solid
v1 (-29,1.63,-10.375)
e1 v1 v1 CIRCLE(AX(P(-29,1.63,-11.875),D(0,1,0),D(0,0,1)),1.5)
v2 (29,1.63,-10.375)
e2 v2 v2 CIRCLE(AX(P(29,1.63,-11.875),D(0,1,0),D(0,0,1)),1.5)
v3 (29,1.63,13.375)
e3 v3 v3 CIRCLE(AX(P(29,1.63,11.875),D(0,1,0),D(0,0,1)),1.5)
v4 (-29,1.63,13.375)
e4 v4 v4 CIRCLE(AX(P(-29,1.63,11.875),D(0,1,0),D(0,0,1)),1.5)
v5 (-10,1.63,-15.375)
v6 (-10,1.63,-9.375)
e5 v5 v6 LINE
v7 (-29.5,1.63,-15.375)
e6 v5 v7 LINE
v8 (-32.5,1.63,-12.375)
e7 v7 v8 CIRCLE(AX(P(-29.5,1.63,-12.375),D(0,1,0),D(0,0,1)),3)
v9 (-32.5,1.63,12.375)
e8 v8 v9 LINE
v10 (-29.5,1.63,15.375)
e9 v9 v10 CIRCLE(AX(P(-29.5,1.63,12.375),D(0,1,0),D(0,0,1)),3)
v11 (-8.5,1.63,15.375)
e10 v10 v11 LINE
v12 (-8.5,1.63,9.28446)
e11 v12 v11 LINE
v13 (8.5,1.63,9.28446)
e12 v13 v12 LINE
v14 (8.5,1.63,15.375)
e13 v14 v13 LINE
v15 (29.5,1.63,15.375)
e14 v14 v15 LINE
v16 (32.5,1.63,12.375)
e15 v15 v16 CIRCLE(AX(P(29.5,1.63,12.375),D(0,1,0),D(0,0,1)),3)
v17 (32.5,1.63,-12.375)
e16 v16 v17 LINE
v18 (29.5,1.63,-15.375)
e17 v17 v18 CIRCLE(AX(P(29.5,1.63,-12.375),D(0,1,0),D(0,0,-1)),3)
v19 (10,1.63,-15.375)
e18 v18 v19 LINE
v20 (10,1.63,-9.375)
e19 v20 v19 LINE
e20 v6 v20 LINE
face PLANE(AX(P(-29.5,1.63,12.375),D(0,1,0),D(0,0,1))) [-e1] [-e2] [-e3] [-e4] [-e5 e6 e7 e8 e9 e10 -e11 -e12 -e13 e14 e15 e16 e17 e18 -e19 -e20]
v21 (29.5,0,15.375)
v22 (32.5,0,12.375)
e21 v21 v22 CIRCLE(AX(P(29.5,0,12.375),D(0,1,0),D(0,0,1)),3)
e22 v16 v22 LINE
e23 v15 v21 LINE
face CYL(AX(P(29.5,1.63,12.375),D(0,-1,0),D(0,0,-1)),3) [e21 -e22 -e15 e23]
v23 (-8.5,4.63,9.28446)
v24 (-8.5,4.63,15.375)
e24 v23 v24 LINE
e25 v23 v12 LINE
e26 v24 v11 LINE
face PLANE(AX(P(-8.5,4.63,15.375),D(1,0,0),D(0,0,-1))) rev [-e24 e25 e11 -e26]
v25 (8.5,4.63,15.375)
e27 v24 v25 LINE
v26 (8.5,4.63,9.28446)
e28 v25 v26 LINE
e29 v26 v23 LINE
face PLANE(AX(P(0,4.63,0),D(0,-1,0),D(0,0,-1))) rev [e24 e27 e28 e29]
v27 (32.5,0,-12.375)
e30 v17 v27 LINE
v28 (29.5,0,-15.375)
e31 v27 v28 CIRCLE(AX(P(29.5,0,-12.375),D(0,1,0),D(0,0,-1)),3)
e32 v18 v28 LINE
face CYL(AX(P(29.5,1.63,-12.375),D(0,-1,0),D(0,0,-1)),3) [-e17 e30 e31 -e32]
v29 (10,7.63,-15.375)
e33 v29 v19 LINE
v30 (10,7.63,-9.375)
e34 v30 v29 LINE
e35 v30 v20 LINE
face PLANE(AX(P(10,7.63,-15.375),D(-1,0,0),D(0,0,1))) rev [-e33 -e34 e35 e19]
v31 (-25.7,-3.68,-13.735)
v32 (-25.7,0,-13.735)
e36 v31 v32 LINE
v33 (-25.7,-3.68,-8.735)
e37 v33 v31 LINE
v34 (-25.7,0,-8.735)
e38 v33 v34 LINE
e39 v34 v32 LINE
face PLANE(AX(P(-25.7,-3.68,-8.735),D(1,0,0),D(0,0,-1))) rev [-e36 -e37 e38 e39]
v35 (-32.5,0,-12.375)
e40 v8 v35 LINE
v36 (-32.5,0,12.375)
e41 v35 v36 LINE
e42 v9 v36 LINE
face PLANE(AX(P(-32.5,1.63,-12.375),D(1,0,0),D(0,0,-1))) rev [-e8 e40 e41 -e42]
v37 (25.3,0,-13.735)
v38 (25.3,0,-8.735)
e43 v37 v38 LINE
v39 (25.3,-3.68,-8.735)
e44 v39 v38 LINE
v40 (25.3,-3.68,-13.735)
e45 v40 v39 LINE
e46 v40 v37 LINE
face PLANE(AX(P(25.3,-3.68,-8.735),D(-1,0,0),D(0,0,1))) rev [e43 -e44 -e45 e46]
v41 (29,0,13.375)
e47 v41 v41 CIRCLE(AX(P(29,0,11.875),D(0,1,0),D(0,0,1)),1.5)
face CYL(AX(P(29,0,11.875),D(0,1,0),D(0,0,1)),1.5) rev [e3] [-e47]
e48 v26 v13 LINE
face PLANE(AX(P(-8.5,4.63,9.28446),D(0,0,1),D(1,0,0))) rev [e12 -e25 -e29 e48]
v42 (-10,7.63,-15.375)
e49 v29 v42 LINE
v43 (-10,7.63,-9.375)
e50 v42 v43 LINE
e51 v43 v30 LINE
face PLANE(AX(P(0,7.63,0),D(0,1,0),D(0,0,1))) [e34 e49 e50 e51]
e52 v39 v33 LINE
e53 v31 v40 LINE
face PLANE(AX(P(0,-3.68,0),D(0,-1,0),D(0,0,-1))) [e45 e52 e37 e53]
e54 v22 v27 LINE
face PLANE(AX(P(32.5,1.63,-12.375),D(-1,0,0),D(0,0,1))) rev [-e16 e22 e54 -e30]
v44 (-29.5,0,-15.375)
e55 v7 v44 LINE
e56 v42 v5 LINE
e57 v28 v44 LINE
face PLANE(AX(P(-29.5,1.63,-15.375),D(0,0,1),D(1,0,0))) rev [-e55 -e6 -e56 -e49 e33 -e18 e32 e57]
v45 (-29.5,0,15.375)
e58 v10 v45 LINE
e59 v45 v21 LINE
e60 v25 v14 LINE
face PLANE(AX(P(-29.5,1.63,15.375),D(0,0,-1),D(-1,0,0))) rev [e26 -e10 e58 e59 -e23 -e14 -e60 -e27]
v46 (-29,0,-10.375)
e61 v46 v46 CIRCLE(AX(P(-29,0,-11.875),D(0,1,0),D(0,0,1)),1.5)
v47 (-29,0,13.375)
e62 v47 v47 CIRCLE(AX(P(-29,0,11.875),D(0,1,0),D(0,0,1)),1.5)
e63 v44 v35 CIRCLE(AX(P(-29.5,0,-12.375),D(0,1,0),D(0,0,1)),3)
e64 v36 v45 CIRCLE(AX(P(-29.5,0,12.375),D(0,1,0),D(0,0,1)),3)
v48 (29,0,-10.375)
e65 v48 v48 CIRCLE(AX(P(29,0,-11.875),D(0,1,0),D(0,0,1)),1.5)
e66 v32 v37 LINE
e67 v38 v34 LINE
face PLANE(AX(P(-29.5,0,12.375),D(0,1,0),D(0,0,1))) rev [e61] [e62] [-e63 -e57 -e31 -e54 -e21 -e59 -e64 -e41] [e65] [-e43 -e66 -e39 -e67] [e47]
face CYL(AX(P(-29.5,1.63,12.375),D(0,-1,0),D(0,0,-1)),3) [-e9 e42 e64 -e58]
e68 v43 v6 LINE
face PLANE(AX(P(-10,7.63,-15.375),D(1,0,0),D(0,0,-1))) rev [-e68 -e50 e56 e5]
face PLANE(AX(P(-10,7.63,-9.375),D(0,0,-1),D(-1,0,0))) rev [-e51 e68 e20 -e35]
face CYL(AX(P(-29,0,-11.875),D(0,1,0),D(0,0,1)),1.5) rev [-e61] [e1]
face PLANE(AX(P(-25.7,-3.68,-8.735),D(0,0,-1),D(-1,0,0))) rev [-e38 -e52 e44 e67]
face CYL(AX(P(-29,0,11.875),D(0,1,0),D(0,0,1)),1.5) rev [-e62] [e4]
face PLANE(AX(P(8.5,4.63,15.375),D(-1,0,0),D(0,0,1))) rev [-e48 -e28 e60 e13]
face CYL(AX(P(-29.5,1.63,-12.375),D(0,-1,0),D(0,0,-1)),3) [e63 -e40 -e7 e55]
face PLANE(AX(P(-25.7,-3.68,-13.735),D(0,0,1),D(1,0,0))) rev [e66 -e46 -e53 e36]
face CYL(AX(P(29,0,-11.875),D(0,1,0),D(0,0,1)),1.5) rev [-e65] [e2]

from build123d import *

# Parameters (mm, degrees)
EXTRUDE_1_DEPTH     = 1.63
SKETCH_2_R          = 1.5
CUT_EXTRUDE_1_DEPTH = 2.63
SKETCH_8_W          = 51
SKETCH_8_H          = 5
EXTRUDE_6_DEPTH     = 3.68
SKETCH_9_W          = 17
SKETCH_9_H          = 6.090540171
EXTRUDE_7_DEPTH     = 3
SKETCH_10_W         = 20
SKETCH_10_H         = 6
EXTRUDE_8_DEPTH     = 6


with BuildPart() as part:
    # 草图1 → 凸台-拉伸1 (new body)
    with BuildSketch(Plane(origin=(0, 0, 0), x_dir=(1, 0, 0), z_dir=(0, 1, 0))):
        with BuildLine():
            Line((-29.5, 15.375), (29.5, 15.375))
            ThreePointArc((29.5, 15.375), (31.621320344, 14.496320344), (32.5, 12.375))
            Line((32.5, 12.375), (32.5, -12.375))
            ThreePointArc((32.5, -12.375), (31.621320344, -14.496320344), (29.5, -15.375))
            Line((29.5, -15.375), (-29.5, -15.375))
            ThreePointArc((-29.5, -15.375), (-31.621320344, -14.496320344), (-32.5, -12.375))
            Line((-32.5, -12.375), (-32.5, 12.375))
            ThreePointArc((-32.5, 12.375), (-31.621320344, 14.496320344), (-29.5, 15.375))
        make_face()
    extrude(amount=EXTRUDE_1_DEPTH)

    # 草图2 → 切除-拉伸1 (cut, through all)
    with BuildSketch(Plane(origin=(0, 1.63, 0), x_dir=(1, 0, 0), z_dir=(0, 1, 0))):
        with Locations(Location((-29, 11.875, 0), (0, 0, 270))):  # turned: the seam where the file's is
            Circle(SKETCH_2_R)
        with Locations(Location((-29, -11.875, 0), (0, 0, 270))):  # turned: the seam where the file's is
            Circle(SKETCH_2_R)
        with Locations(Location((29, -11.875, 0), (0, 0, 270))):  # turned: the seam where the file's is
            Circle(SKETCH_2_R)
        with Locations(Location((29, 11.875, 0), (0, 0, 270))):  # turned: the seam where the file's is
            Circle(SKETCH_2_R)
    extrude(amount=-CUT_EXTRUDE_1_DEPTH, mode=Mode.SUBTRACT)

    # 草图8 → 凸台-拉伸6 (add)
    with BuildSketch(Plane.XZ):
        with Locations((-0.2, -11.235)):
            Rectangle(SKETCH_8_W, SKETCH_8_H)
    extrude(amount=EXTRUDE_6_DEPTH)

    # 草图9 → 凸台-拉伸7 (add)
    with BuildSketch(Plane(origin=(0, 1.63, 0), x_dir=(1, 0, 0), z_dir=(0, 1, 0))):
        with Locations((0, -12.329729915)):
            Rectangle(SKETCH_9_W, SKETCH_9_H)
    extrude(amount=EXTRUDE_7_DEPTH)

    # 草图10 → 凸台-拉伸8 (add)
    with BuildSketch(Plane(origin=(0, 1.63, 0), x_dir=(1, 0, 0), z_dir=(0, 1, 0))):
        with Locations((0, 12.375)):
            Rectangle(SKETCH_10_W, SKETCH_10_H)
    extrude(amount=EXTRUDE_8_DEPTH)


solid = part.part
